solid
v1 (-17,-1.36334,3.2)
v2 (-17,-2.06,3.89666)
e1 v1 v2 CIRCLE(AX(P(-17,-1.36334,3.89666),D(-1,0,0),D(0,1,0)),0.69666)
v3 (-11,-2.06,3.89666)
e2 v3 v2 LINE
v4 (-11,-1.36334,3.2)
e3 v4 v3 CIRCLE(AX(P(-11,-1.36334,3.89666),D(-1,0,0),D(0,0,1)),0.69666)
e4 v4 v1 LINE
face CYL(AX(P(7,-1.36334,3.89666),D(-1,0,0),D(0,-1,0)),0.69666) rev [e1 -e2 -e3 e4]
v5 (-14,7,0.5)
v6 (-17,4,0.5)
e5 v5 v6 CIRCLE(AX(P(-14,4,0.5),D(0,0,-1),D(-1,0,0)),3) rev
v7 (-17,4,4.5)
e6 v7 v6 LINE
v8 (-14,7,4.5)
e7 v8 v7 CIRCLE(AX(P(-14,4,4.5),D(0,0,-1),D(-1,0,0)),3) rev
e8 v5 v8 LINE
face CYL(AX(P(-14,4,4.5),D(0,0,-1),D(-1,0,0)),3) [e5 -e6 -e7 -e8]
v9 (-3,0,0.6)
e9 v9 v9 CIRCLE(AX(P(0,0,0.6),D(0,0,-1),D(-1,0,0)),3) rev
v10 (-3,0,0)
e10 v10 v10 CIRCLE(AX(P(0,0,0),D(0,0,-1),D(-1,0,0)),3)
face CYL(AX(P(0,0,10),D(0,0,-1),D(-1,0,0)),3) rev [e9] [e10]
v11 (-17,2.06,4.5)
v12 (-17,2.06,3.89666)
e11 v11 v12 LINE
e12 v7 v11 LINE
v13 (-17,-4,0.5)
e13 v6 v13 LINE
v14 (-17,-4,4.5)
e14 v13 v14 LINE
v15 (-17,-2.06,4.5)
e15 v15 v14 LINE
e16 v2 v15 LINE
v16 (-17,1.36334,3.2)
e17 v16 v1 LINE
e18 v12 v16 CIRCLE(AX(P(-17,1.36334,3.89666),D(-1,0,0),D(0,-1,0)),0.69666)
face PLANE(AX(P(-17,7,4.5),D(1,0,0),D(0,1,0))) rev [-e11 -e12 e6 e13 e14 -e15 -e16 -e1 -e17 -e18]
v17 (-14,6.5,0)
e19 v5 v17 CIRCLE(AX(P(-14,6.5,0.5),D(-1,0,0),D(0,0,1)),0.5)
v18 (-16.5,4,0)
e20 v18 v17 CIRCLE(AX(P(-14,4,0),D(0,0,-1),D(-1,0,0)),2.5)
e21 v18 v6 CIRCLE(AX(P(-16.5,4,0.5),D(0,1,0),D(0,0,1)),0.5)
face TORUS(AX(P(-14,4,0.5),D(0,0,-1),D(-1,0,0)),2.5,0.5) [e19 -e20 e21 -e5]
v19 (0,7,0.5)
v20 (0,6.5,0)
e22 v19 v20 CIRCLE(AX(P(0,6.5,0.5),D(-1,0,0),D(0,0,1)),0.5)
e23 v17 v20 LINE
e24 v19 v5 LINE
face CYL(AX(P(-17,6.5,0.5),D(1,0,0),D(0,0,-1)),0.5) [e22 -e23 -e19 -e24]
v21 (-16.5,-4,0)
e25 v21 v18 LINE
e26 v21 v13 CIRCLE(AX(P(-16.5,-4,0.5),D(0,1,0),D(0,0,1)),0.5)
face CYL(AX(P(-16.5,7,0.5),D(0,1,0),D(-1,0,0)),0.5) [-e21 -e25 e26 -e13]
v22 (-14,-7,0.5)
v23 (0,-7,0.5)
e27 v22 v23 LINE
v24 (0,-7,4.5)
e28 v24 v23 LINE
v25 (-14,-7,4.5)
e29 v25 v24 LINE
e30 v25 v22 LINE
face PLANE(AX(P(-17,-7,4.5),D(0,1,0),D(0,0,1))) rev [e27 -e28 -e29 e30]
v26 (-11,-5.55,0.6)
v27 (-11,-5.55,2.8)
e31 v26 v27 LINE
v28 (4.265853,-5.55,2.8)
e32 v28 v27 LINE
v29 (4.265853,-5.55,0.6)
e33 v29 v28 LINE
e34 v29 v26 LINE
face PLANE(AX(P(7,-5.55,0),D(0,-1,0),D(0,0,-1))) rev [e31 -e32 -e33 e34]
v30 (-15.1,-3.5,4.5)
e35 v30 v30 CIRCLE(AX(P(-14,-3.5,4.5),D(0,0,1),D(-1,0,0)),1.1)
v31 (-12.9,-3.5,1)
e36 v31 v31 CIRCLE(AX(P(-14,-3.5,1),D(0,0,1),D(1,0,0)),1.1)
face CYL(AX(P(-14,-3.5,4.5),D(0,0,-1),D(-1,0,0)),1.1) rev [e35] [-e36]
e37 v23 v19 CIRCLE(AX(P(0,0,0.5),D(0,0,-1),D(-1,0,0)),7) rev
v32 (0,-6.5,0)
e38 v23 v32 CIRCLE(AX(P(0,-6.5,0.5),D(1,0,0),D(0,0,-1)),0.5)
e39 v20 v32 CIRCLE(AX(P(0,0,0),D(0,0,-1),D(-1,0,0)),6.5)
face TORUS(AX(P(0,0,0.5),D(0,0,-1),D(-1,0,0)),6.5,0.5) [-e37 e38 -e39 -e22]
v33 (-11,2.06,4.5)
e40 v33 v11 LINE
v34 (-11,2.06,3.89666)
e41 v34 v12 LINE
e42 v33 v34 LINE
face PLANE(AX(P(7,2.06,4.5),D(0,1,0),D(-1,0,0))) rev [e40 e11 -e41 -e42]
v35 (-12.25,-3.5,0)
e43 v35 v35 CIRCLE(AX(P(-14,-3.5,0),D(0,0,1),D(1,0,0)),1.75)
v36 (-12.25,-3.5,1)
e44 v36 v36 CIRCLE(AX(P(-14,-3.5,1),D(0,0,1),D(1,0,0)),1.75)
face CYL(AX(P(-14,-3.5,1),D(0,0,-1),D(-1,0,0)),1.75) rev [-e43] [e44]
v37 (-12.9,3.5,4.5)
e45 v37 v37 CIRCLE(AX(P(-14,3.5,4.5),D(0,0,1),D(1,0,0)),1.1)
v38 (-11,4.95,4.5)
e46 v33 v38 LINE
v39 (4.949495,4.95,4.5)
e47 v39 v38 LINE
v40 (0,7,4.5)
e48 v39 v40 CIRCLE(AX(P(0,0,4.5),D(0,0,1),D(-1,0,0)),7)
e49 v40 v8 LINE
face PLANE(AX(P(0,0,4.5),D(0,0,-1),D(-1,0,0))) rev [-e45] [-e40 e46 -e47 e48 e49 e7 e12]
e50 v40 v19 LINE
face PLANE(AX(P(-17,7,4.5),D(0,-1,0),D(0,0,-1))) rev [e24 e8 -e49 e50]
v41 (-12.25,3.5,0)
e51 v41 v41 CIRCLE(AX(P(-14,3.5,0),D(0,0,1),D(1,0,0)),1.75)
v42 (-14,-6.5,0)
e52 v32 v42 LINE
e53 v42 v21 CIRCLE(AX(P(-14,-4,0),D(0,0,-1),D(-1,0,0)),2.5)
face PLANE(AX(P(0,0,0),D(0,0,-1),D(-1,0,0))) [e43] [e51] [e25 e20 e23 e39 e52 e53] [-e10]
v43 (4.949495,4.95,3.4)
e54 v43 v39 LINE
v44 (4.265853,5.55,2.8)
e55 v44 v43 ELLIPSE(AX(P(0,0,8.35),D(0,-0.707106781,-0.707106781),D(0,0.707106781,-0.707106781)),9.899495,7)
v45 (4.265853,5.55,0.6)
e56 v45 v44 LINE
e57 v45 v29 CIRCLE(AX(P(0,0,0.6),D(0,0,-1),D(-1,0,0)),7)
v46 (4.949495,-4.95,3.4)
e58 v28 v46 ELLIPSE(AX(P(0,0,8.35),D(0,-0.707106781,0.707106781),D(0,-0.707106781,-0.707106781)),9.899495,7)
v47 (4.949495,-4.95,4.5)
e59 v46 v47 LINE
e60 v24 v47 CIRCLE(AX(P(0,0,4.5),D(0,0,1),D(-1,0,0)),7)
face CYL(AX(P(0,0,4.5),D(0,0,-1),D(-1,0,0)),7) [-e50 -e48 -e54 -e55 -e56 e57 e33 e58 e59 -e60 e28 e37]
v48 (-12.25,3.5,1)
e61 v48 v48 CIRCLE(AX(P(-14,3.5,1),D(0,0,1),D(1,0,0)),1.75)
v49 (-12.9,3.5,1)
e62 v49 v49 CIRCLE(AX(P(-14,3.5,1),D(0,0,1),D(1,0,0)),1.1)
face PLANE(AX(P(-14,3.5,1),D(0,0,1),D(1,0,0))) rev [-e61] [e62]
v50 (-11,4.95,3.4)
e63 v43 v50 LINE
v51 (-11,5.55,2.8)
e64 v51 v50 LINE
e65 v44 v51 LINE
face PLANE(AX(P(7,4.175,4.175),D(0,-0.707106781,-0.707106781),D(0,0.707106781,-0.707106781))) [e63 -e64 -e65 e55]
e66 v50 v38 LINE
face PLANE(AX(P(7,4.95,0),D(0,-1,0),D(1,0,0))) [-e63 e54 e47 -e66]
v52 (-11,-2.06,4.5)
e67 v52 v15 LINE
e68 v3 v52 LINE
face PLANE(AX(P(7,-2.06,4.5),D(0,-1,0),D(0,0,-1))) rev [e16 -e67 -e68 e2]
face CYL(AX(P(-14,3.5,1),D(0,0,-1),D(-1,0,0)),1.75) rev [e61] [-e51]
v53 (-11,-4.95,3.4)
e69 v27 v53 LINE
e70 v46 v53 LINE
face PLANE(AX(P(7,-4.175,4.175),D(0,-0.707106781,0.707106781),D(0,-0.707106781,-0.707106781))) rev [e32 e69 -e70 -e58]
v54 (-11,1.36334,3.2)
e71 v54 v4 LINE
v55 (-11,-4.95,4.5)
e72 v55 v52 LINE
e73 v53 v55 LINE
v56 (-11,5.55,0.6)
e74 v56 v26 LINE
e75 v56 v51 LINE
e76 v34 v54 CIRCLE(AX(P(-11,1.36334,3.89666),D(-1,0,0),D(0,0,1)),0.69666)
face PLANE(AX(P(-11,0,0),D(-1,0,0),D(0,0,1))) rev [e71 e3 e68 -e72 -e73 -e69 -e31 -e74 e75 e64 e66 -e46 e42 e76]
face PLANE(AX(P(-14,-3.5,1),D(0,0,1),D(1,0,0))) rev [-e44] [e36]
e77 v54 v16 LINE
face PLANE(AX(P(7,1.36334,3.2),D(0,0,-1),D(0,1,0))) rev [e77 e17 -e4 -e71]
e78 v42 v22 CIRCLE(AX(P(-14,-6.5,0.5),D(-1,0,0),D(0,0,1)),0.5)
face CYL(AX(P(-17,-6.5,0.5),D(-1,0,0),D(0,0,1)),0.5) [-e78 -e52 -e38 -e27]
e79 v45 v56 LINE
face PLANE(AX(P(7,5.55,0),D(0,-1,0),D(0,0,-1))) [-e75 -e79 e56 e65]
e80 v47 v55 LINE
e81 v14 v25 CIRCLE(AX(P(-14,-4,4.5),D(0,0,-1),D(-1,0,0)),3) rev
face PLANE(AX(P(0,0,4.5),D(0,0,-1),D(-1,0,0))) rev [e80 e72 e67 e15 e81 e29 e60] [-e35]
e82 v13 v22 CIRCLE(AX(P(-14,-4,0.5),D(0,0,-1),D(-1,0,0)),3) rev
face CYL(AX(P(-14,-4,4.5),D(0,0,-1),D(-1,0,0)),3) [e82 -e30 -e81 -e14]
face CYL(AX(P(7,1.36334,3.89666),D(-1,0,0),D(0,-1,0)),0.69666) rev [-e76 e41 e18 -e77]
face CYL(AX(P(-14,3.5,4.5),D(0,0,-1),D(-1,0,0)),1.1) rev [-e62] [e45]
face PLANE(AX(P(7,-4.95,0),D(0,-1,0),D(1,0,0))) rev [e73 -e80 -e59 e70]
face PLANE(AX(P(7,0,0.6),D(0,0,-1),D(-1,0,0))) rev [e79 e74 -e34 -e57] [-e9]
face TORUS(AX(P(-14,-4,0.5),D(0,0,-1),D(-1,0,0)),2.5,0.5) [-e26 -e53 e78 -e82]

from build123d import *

# Parameters (mm, degrees)
SKETCH1_R           = 1.1
BOSS_EXTRUDE1_DEPTH = 4.5
SKETCH2_R           = 3
CUT_EXTRUDE2_DEPTH  = 10
CUT_EXTRUDE4_START  = -6
CUT_EXTRUDE4_DEPTH  = 20.401771592
CUT_EXTRUDE6_DEPTH  = 26.401771592
FILLET4_R           = 3
FILLET1_R           = 0.5
SKETCH5_R           = 1.75
CUT_EXTRUDE5_DEPTH  = 1


with BuildPart() as part:
    # Sketch1 → Boss-Extrude1 (new body)
    with BuildSketch(Plane.XY):
        with BuildLine():
            Line((-17, 7), (0, 7))
            ThreePointArc((0, 7), (7, 0), (0, -7))
            Line((0, -7), (-17, -7))
            Line((-17, -7), (-17, 7))
        make_face()
        with Locations((-14, 3.5)):
            Circle(SKETCH1_R, mode=Mode.SUBTRACT)
        with Locations(Location((-14, -3.5, 0), (0, 0, 180))):
            Circle(SKETCH1_R, mode=Mode.SUBTRACT)
    extrude(amount=BOSS_EXTRUDE1_DEPTH)

    # Sketch2 → Cut-Extrude2 (cut)
    with BuildSketch(Plane(origin=(0, 0, 0), x_dir=(-1, 0, 0), z_dir=(0, 0, -1))):
        Circle(SKETCH2_R)
    extrude(amount=-CUT_EXTRUDE2_DEPTH, mode=Mode.SUBTRACT)

    # Sketch7 → Cut-Extrude4 (cut, through all)
    with BuildSketch(Plane.ZY.offset(17).offset(CUT_EXTRUDE4_START)):
        Polygon((2.8, 5.55), (0.6, 5.55), (0.6, 0), (4.5, 0), (4.5, 4.95), (3.4, 4.95), align=None)
        Polygon((4.5, 0), (0.6, 0), (0.6, -5.55), (2.8, -5.55), (3.4, -4.95), (4.5, -4.95), align=None)
    extrude(amount=-CUT_EXTRUDE4_DEPTH, mode=Mode.SUBTRACT)

    # Sketch8 → Cut-Extrude6 (cut, through all)
    with BuildSketch(Plane.ZY.offset(17)):
        with BuildLine():
            Line((3.2, 1.363340016), (3.2, -1.363340016))
            ThreePointArc((3.2, -1.363340016), (3.404046985, -1.855953015), (3.896659984, -2.06))
            Line((3.896659984, -2.06), (4.5, -2.06))
            Line((4.5, -2.06), (4.5, 2.06))
            Line((4.5, 2.06), (3.896659984, 2.06))
            ThreePointArc((3.896659984, 2.06), (3.404046985, 1.855953015), (3.2, 1.363340016))
        make_face()
    extrude(amount=-CUT_EXTRUDE6_DEPTH, mode=Mode.SUBTRACT)

    # Fillet4
    fillet4_edges = [part.edges().sort_by_distance(p)[0] for p in [
        (-17, -7, 2.25),
        (-17, 7, 2.25),
    ]]
    fillet(fillet4_edges, radius=FILLET4_R)

    # Fillet1
    fillet1_edges = [part.edges().sort_by_distance(p)[0] for p in [
        (-7, 7, 0),
        (7, 0, 0),
        (-17, 0, 0),
        (-7, -7, 0),
        (-16.121320344, -6.121320344, 0),
        (-16.121320344, 6.121320344, 0),
    ]]
    fillet(fillet1_edges, radius=FILLET1_R)

    # Sketch5 → Cut-Extrude5 (cut)
    with BuildSketch(Plane.XY):
        with Locations((-14, 3.5)):
            Circle(SKETCH5_R)
        with Locations((-14, -3.5)):
            Circle(SKETCH5_R)
    extrude(amount=CUT_EXTRUDE5_DEPTH, mode=Mode.SUBTRACT)


solid = part.part
